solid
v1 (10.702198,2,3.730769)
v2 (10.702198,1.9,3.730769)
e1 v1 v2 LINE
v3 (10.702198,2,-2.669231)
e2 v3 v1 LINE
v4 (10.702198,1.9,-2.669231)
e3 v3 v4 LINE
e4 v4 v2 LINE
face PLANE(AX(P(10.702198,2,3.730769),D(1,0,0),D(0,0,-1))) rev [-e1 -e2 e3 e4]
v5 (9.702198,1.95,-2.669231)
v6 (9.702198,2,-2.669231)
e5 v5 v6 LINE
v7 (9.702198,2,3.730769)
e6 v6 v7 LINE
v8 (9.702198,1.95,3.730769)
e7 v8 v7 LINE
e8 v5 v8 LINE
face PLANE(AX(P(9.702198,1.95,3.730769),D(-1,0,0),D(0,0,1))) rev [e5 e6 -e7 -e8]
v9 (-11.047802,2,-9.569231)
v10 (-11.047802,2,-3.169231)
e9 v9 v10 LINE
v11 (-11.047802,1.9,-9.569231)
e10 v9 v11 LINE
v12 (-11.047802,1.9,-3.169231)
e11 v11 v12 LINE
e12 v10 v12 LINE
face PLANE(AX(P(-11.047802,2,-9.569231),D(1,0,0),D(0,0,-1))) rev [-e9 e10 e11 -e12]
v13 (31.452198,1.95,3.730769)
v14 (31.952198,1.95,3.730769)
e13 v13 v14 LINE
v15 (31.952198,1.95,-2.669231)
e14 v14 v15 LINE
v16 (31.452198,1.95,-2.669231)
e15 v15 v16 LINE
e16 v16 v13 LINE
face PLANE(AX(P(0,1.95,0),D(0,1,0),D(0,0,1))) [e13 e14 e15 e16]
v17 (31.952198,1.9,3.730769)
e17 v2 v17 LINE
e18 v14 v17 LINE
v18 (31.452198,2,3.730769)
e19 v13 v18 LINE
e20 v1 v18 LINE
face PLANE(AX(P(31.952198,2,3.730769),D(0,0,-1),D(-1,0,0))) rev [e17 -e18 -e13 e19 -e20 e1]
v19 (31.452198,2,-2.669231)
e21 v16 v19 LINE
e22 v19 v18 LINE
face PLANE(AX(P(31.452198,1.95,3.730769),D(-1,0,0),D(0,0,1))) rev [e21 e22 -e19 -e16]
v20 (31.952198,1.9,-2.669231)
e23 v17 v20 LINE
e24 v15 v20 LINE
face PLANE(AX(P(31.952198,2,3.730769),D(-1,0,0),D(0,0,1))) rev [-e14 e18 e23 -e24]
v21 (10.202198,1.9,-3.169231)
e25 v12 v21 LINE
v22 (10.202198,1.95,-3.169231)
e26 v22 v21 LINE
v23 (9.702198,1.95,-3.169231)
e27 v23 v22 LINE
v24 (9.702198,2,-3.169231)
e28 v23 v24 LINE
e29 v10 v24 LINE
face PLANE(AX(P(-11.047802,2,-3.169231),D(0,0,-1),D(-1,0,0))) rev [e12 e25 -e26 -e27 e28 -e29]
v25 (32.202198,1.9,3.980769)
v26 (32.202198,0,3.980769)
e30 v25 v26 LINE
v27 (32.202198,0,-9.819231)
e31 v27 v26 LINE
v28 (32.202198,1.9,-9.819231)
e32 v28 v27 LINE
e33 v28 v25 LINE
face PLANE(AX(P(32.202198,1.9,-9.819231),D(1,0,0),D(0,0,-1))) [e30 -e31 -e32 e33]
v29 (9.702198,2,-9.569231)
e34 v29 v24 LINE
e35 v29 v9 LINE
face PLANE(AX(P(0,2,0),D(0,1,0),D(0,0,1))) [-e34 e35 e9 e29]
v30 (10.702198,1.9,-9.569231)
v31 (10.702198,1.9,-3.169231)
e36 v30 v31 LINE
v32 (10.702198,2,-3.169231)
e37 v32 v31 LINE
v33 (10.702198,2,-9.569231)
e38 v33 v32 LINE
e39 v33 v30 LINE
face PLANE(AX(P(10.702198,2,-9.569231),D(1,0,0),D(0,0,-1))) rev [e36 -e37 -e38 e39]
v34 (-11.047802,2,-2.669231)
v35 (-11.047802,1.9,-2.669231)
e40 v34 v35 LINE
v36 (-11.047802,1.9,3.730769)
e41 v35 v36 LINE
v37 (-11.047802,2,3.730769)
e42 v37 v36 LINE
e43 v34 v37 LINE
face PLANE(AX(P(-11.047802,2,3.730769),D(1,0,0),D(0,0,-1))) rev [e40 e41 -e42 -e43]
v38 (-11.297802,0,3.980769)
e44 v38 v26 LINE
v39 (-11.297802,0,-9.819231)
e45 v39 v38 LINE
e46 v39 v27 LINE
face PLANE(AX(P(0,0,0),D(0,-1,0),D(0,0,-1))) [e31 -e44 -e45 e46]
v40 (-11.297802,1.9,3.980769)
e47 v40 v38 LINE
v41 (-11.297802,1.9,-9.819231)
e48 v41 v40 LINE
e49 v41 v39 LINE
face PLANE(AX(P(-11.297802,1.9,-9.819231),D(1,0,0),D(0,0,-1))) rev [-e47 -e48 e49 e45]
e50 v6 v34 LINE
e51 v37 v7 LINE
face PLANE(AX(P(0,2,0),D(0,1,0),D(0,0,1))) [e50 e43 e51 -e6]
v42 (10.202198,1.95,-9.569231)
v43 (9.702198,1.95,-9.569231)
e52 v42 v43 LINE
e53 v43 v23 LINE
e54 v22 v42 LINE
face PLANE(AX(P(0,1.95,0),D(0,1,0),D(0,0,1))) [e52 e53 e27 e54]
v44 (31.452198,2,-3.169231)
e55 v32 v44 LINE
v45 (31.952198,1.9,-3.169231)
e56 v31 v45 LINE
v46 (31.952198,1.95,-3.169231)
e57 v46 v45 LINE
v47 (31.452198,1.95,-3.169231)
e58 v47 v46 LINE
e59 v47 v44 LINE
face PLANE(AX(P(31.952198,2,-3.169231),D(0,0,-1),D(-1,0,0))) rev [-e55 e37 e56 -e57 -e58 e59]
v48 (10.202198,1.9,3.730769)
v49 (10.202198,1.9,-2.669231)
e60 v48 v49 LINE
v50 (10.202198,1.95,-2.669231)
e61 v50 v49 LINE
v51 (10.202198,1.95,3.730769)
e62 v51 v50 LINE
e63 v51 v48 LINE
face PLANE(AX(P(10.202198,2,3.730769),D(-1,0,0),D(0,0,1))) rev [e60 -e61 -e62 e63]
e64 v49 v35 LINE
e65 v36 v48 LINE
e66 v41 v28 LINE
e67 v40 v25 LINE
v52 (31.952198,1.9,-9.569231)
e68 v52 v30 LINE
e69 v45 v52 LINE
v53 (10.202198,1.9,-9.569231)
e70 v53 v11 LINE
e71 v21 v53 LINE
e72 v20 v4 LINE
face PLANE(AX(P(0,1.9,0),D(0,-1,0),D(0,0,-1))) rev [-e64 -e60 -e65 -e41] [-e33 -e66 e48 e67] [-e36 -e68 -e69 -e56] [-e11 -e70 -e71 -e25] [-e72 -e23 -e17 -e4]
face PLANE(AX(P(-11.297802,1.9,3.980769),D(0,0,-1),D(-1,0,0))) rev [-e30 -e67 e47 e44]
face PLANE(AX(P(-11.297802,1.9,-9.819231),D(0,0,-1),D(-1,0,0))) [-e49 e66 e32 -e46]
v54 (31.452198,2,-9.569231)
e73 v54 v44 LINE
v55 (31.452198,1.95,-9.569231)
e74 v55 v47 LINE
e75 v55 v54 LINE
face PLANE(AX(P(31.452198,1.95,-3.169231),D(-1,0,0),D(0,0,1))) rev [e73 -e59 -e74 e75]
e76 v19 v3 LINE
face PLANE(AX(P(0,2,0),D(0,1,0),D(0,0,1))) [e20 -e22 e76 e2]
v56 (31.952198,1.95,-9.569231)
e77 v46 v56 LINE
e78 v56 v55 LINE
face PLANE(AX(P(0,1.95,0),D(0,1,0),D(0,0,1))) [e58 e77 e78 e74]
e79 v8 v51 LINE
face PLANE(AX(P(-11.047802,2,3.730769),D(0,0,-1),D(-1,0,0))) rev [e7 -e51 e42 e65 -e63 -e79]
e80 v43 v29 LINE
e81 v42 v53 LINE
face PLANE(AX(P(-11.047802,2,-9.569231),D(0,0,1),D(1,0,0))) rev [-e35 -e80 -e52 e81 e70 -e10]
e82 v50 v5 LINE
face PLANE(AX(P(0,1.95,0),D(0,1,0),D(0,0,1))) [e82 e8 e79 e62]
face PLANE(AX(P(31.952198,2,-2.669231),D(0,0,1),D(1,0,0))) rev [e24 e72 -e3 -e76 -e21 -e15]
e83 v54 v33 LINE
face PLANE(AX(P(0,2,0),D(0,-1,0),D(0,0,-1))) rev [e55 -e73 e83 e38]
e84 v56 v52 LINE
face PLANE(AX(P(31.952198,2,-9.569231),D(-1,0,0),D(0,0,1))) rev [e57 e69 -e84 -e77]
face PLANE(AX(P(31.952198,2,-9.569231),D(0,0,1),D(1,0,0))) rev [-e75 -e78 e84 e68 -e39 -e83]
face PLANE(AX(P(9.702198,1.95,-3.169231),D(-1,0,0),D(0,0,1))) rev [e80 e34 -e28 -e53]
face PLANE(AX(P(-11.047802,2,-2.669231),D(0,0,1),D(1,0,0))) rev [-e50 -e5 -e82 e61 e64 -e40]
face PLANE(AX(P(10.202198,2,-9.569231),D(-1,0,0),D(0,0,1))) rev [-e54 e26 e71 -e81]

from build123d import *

# Parameters (mm, degrees)
SKETCH1_W           = 43.5
SKETCH1_H           = 13.8
BOSS_EXTRUDE1_DEPTH = 1.9
SKETCH2_W           = 21.25
SKETCH2_H           = 6.4
BOSS_EXTRUDE2_DEPTH = 0.1
SKETCH10_W          = 0.5
SKETCH10_H          = 6.4
CUT_EXTRUDE1_DEPTH  = 0.05


with BuildPart() as part:
    # Sketch1 → Boss-Extrude1 (new body)
    with BuildSketch(Plane(origin=(0, 0, 0), x_dir=(1, 0, 0), z_dir=(0, 1, 0))):
        with Locations((10.452197802, 2.919230769)):
            Rectangle(SKETCH1_W, SKETCH1_H)
    extrude(amount=BOSS_EXTRUDE1_DEPTH)

    # Sketch2 → Boss-Extrude2 (add)
    with BuildSketch(Plane(origin=(0, 1.9, 0), x_dir=(1, 0, 0), z_dir=(0, 1, 0))):
        with Locations((-0.422802198, -0.530769231)):
            Rectangle(SKETCH2_W, SKETCH2_H)
        with Locations((-0.422802198, 6.369230769)):
            Rectangle(SKETCH2_W, SKETCH2_H)
        with Locations((21.327197802, 6.369230769)):
            Rectangle(SKETCH2_W, SKETCH2_H)
        with Locations((21.327197802, -0.530769231)):
            Rectangle(SKETCH2_W, SKETCH2_H)
    extrude(amount=BOSS_EXTRUDE2_DEPTH)

    # Sketch10 → Cut-Extrude1 (cut)
    with BuildSketch(Plane(origin=(0, 2, 0), x_dir=(1, 0, 0), z_dir=(0, 1, 0))):
        with Locations((9.952197802, -0.530769231)):
            Rectangle(SKETCH10_W, SKETCH10_H)
        with Locations((31.702197802, -0.530769231)):
            Rectangle(SKETCH10_W, SKETCH10_H)
        with Locations((9.952197802, 6.369230769)):
            Rectangle(SKETCH10_W, SKETCH10_H)
        with Locations((31.702197802, 6.369230769)):
            Rectangle(SKETCH10_W, SKETCH10_H)
    extrude(amount=-CUT_EXTRUDE1_DEPTH, mode=Mode.SUBTRACT)


solid = part.part
